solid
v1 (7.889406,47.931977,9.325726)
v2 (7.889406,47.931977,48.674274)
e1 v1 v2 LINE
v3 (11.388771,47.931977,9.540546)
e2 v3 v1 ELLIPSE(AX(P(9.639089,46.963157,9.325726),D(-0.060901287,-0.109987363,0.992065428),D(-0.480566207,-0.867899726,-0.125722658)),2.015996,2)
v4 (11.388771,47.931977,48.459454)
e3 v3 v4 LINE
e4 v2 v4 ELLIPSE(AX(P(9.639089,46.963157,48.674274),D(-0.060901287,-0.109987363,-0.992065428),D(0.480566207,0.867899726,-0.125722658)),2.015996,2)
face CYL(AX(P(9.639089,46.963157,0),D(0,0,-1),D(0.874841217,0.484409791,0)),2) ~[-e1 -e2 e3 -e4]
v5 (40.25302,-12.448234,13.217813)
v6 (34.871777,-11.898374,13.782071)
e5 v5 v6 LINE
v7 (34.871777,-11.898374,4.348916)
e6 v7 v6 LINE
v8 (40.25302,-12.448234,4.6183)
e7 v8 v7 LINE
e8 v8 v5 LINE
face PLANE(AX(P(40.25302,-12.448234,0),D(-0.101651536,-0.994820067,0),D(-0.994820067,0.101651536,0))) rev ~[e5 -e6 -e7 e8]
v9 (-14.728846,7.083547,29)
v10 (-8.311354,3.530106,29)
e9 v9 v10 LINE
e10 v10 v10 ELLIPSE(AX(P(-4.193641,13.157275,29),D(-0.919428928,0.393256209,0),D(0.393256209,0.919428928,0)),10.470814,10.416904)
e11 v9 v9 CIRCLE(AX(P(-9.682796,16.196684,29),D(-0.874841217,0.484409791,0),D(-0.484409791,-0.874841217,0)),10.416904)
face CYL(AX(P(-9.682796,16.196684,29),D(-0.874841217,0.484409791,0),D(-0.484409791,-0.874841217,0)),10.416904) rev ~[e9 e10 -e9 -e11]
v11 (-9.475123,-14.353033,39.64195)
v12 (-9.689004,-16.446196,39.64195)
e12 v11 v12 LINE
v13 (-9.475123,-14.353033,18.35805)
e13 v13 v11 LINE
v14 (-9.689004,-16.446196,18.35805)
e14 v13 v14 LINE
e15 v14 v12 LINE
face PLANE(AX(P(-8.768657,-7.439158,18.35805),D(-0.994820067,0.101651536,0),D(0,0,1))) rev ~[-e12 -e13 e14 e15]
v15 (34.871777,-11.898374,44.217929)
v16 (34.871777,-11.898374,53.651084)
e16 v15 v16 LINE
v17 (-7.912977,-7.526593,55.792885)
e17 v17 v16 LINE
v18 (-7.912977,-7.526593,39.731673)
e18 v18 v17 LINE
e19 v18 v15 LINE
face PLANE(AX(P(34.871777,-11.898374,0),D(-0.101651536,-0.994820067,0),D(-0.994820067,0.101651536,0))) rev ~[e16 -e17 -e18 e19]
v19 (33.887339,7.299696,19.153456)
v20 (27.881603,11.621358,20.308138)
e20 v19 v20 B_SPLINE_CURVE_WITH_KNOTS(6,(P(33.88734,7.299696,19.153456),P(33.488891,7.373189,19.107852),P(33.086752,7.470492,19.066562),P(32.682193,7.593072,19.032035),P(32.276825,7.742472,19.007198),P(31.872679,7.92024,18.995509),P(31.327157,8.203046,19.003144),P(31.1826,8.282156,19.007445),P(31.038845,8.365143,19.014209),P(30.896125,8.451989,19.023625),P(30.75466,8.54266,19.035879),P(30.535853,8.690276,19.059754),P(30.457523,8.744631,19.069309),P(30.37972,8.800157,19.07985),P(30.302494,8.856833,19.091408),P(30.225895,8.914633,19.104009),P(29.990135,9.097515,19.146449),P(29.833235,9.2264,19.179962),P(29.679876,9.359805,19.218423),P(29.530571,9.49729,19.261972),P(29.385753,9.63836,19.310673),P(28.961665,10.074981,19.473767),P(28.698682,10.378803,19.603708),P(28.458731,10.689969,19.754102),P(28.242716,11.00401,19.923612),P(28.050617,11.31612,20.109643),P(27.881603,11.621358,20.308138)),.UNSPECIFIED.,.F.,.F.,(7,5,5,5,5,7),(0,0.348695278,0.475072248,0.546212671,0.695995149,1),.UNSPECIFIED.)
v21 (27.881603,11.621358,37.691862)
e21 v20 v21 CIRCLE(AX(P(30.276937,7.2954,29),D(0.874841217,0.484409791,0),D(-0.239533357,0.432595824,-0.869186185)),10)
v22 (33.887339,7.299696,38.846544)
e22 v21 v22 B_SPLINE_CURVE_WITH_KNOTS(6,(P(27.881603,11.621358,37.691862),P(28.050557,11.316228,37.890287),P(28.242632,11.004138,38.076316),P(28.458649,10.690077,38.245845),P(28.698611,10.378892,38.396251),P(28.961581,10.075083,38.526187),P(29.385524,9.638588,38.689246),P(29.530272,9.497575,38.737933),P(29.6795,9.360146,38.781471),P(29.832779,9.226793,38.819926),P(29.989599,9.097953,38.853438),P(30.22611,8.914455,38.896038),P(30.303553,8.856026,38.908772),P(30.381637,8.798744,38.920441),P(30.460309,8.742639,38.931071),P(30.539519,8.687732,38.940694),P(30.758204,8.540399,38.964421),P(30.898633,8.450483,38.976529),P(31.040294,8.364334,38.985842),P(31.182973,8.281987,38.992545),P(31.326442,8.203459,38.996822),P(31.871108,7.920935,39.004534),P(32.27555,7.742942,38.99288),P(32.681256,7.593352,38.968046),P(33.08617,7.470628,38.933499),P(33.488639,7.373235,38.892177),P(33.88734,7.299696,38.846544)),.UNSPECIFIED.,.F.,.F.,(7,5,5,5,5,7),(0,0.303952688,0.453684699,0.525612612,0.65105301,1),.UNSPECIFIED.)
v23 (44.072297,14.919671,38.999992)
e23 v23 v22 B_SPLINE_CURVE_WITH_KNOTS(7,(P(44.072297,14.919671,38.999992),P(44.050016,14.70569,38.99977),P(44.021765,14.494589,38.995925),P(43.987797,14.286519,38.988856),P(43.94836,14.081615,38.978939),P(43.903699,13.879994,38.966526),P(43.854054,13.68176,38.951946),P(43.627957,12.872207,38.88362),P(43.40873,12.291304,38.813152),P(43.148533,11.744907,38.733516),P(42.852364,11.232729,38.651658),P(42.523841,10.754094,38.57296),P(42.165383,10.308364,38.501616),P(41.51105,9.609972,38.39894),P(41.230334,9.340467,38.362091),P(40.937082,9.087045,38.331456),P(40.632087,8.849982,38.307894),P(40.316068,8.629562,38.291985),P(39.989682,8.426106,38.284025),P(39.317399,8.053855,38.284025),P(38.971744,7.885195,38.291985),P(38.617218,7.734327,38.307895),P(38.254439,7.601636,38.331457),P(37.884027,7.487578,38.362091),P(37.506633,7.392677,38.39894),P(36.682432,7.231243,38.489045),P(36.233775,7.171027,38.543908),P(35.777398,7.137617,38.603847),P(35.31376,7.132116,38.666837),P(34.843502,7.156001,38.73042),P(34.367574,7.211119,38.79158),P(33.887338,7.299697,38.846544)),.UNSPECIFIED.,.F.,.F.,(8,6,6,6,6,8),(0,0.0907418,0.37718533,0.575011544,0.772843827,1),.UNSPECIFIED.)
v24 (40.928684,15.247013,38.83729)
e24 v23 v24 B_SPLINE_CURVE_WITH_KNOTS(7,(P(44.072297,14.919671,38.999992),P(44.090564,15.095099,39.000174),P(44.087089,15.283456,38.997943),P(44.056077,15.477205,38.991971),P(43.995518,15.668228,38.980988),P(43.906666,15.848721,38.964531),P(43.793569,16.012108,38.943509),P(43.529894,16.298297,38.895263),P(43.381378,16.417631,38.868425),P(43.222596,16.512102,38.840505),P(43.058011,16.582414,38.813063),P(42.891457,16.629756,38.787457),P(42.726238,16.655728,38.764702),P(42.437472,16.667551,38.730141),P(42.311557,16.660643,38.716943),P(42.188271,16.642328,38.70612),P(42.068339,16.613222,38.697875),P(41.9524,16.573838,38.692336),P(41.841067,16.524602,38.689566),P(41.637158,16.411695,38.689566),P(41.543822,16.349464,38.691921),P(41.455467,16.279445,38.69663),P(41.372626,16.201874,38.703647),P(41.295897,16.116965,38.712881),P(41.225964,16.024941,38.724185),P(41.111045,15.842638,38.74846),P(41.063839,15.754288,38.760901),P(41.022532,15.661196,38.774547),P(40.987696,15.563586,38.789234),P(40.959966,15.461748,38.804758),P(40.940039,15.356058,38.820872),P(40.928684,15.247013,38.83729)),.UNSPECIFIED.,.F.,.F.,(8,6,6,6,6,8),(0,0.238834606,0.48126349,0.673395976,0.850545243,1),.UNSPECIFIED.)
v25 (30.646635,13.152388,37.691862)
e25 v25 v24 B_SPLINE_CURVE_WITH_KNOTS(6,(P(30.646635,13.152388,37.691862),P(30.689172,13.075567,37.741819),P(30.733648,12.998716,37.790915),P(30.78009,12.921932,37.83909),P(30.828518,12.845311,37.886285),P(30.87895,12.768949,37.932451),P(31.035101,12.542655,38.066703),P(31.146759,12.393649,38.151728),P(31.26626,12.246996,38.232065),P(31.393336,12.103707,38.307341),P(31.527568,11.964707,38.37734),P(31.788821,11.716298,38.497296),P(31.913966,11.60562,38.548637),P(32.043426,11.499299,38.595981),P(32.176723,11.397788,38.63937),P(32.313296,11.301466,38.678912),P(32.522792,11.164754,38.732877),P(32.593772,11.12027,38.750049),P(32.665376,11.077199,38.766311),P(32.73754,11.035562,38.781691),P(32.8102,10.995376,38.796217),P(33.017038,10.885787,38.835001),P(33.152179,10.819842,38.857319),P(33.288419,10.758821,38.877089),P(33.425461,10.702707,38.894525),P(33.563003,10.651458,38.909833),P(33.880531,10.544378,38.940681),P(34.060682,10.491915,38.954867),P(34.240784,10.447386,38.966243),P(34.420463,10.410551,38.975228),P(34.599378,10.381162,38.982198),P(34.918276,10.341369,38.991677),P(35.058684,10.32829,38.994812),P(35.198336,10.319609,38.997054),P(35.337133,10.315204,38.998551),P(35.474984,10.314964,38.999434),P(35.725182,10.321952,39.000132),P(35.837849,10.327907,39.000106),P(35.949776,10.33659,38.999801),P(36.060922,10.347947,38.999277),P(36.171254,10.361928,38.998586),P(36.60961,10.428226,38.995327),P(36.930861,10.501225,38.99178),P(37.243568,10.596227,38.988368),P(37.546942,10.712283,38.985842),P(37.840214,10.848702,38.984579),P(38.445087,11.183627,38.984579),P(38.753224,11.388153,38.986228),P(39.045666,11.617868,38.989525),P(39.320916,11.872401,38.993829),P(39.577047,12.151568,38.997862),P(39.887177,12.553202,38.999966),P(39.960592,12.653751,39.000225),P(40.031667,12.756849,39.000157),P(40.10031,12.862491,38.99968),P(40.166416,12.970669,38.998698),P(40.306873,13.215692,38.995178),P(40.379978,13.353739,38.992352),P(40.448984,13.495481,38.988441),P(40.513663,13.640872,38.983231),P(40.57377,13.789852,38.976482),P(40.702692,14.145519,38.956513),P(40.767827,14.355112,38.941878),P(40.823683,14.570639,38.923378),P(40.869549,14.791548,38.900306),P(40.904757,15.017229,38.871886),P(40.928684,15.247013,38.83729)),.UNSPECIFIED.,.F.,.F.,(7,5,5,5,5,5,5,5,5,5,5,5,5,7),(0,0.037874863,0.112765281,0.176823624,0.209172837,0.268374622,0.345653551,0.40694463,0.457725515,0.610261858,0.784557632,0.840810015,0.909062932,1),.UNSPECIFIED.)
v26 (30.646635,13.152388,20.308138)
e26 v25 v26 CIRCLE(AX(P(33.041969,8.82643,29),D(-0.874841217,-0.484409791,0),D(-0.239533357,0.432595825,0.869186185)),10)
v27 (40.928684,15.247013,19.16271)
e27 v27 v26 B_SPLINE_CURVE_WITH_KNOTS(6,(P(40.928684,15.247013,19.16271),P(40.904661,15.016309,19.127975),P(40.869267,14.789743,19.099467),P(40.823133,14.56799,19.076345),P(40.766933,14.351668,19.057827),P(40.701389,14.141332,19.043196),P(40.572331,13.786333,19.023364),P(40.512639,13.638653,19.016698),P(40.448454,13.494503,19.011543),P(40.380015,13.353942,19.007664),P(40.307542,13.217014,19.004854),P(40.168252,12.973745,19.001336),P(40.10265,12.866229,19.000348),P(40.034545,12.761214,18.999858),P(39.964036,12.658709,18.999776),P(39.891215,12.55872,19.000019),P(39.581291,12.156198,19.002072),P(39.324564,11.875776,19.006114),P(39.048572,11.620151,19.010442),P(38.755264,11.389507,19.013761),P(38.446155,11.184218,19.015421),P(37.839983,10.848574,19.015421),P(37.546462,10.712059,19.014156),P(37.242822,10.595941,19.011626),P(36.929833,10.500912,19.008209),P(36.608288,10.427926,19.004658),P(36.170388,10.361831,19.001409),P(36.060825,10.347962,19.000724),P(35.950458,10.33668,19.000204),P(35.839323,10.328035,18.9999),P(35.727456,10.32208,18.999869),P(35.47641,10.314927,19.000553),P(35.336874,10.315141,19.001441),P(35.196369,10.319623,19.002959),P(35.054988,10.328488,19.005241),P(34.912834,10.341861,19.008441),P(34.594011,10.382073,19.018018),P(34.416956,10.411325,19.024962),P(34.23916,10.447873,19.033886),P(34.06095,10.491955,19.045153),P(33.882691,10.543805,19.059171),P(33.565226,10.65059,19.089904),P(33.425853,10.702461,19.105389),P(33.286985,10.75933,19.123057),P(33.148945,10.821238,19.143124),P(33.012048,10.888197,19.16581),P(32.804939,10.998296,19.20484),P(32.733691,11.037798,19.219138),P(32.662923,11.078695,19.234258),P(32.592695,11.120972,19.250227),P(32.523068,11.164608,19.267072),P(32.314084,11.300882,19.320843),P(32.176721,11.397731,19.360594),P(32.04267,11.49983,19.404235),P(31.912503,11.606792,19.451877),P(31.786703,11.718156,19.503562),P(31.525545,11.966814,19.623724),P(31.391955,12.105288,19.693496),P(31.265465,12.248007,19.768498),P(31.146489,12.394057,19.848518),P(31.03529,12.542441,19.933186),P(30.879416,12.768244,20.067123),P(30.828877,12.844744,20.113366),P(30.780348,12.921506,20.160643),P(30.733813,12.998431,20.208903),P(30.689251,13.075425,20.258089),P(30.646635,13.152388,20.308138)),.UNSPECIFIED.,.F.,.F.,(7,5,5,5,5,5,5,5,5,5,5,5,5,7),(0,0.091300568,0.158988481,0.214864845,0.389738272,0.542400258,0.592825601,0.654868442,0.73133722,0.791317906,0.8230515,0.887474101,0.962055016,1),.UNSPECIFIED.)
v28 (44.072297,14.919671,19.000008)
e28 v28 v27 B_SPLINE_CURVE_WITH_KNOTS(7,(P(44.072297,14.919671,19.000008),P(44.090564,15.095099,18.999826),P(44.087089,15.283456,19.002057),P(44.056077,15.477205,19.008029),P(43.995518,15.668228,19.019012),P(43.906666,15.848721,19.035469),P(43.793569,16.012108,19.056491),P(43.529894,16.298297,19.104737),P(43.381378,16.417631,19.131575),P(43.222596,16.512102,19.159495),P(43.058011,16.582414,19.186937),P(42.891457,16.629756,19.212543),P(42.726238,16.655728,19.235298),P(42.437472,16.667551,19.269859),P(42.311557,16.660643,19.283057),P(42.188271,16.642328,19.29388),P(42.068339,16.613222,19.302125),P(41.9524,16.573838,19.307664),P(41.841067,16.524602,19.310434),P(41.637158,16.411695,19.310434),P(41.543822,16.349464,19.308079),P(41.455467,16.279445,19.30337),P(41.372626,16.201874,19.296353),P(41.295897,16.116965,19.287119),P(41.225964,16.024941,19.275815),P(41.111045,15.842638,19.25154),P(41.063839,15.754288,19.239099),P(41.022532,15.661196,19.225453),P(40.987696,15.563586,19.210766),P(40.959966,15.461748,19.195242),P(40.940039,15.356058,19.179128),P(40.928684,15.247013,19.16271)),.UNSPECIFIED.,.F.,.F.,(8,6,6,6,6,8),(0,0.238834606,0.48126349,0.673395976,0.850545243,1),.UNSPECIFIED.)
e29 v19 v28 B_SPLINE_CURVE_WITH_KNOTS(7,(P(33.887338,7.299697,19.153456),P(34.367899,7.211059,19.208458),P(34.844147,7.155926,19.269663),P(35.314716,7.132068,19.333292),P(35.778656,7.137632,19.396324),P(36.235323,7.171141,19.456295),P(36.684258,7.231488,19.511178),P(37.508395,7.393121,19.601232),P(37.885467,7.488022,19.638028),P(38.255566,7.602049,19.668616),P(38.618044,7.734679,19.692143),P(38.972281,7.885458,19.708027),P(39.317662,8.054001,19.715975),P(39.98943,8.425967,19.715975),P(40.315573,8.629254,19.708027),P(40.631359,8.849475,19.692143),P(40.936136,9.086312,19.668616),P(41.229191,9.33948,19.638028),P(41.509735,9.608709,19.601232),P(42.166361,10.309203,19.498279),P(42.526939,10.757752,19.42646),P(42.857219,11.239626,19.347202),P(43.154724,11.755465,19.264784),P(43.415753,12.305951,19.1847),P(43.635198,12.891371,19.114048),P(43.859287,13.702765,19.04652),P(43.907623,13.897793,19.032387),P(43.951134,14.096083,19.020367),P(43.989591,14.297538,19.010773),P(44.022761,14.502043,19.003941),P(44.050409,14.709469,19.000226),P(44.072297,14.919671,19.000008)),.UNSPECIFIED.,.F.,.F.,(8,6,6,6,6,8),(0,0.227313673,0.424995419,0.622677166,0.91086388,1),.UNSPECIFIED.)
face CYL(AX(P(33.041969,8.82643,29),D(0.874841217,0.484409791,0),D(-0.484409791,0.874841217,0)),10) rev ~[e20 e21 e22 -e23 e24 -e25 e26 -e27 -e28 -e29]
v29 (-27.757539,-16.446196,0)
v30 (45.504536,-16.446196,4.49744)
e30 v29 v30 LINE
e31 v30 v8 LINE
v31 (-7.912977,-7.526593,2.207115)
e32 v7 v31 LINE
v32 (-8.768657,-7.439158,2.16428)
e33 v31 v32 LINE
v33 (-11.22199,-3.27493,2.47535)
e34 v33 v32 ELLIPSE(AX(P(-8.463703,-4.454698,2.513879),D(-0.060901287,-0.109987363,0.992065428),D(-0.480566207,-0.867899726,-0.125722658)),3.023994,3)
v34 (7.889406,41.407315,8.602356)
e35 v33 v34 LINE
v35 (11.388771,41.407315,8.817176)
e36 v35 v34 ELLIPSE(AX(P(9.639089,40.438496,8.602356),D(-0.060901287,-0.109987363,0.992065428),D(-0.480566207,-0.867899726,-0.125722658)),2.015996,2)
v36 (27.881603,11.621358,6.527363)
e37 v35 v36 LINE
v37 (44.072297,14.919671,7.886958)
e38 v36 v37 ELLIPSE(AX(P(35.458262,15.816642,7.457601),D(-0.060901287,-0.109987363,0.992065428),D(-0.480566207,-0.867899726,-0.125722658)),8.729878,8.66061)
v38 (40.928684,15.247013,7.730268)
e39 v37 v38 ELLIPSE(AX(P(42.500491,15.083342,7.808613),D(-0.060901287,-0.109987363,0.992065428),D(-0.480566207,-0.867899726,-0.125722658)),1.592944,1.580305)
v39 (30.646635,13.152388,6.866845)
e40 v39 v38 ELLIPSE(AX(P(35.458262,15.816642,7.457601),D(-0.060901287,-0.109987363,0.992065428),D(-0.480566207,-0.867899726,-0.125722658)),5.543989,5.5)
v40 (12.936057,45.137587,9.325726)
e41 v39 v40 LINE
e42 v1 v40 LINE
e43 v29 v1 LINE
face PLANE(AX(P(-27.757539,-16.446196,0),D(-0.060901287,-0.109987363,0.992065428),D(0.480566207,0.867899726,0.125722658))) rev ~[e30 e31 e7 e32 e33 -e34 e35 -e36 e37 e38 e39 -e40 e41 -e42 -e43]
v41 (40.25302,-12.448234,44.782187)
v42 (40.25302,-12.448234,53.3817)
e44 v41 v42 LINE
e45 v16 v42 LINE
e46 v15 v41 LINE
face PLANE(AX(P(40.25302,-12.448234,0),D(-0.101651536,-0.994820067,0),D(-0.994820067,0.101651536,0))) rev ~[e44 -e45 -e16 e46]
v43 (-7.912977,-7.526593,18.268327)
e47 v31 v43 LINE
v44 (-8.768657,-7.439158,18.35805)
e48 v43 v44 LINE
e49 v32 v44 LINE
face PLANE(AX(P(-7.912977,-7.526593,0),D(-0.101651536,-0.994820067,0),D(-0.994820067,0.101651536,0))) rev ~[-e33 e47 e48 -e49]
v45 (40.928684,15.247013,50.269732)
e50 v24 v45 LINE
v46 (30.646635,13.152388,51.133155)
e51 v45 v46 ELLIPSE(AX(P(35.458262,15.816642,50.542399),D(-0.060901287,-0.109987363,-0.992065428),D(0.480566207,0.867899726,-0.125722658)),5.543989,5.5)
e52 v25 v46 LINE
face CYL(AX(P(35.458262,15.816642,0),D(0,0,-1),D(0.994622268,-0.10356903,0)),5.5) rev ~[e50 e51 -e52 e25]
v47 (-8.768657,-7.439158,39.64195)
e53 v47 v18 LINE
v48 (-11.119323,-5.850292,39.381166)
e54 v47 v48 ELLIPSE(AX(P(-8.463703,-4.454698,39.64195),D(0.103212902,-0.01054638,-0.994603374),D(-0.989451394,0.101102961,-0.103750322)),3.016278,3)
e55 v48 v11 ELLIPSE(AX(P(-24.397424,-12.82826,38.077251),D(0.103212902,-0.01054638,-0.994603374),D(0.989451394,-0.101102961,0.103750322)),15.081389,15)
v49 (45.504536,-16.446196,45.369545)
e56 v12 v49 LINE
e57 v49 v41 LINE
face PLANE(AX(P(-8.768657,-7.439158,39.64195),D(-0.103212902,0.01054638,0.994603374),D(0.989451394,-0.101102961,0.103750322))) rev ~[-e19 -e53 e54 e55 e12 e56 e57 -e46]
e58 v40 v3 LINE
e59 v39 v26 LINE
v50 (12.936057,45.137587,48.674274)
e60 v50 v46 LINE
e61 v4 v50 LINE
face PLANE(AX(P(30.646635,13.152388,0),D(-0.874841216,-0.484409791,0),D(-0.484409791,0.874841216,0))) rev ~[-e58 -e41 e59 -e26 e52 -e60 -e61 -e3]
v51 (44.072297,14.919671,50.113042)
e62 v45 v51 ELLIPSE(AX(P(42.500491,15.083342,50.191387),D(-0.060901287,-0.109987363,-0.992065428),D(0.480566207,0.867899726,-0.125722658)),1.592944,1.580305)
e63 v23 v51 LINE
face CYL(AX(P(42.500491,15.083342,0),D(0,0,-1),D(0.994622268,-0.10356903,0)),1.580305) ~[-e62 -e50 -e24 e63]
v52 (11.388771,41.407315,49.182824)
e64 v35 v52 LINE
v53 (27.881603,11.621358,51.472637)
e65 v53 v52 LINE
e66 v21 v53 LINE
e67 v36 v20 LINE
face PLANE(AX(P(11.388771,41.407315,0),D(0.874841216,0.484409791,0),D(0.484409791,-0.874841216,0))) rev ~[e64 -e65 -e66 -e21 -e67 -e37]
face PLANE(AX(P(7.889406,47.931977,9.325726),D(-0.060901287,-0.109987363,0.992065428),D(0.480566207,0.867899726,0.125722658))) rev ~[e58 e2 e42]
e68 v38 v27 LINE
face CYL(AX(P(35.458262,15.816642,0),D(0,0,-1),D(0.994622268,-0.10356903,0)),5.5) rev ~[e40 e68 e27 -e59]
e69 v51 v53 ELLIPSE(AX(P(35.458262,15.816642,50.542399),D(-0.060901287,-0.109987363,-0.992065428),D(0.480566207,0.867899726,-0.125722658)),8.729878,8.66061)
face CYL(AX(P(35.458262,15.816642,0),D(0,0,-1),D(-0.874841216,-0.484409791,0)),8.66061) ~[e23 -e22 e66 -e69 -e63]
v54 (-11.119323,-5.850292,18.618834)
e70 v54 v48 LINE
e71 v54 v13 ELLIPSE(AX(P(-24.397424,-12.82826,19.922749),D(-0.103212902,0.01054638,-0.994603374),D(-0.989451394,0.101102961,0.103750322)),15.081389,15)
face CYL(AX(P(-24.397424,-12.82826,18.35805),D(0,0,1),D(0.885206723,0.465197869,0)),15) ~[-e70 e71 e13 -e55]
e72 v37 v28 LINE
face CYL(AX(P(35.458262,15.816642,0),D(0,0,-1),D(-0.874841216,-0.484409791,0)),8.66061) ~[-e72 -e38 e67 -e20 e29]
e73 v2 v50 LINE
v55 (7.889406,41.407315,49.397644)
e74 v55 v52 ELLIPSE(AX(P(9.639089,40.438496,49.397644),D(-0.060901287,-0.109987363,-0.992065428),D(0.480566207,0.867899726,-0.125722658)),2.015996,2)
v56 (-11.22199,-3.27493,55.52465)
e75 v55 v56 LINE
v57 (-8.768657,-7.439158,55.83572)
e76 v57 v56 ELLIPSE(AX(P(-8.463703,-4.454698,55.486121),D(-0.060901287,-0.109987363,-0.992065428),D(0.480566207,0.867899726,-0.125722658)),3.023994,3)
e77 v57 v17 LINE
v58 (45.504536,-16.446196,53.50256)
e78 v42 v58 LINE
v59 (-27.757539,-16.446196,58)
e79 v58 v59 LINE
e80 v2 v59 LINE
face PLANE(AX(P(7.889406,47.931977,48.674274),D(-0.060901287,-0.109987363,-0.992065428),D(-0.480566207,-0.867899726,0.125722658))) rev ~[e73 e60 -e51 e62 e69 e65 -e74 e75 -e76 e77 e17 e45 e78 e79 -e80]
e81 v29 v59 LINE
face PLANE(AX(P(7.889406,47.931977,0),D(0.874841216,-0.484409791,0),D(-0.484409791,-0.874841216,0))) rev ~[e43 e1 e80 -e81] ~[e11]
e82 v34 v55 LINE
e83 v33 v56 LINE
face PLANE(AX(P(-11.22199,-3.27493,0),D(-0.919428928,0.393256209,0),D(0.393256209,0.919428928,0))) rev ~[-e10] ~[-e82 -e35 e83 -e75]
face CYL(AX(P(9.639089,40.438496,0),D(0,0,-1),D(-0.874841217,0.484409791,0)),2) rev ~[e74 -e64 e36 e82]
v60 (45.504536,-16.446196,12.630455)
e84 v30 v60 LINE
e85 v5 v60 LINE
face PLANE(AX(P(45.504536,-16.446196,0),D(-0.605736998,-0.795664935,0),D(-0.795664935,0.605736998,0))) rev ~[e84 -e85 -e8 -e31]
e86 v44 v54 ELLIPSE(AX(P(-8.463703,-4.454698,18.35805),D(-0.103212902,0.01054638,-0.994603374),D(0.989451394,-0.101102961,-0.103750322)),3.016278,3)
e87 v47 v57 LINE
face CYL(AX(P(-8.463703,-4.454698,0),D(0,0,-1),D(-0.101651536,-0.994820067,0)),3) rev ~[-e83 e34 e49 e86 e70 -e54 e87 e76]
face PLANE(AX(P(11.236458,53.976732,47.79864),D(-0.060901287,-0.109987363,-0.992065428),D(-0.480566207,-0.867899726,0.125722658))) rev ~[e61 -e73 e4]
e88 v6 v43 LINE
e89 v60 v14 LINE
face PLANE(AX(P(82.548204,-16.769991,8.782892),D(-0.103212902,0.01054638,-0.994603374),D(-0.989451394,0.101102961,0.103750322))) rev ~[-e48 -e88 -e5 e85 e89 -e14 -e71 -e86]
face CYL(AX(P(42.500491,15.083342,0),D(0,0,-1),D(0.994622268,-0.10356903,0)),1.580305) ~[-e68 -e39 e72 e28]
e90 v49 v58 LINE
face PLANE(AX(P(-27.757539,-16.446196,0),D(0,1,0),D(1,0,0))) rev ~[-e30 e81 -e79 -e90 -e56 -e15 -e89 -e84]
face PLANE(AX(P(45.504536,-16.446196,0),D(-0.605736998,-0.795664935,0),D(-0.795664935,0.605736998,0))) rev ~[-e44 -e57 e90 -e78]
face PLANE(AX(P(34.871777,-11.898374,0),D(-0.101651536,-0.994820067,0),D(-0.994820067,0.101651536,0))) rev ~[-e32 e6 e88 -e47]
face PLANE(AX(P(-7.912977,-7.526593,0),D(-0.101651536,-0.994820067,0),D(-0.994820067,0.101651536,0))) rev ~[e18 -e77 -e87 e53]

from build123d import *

# Parameters (mm, degrees)
F1_DEPTH      = 58
F3_DEPTH      = 25
F5_DEPTH      = 95.4
F6_R          = 15
F7_R          = 10
F8_DEPTH      = 10
F8_DEPTH_BACK = 20
F9_R          = 10.4169044955
F10_DEPTH     = 25


with BuildPart() as f1:
    # F0 (on Top) → F1 (new body)
    with BuildSketch(Plane.XY):
        with BuildLine():
            ThreePointArc((11.3887710857, 47.9319766204), (9.6390886527, 48.9631570378), (7.8894062197, 47.9319766204))
            Line((7.8894062197, 47.9319766204), (-27.7575390254, -16.4461955428))
            Line((-27.7575390254, -16.4461955428), (45.5045364797, -16.4461955428))
            Line((45.5045364797, -16.4461955428), (40.2530199854, -12.4482339651))
            Line((40.2530199854, -12.4482339651), (34.8717773227, -11.8983741444))
            Line((34.8717773227, -11.8983741444), (-7.9129768242, -7.5265926221))
            Line((-7.9129768242, -7.5265926221), (-8.7686574365, -7.4391584702))
            ThreePointArc((-8.7686574365, -7.4391584702), (-11.0484779416, -5.9775041051), (-11.2219896129, -3.2749296438))
            Line((-11.2219896129, -3.2749296438), (7.8894062197, 41.407315159))
            ThreePointArc((7.8894062197, 41.407315159), (9.6390886527, 42.4384955764), (11.3887710857, 41.407315159))
            Line((11.3887710857, 41.407315159), (27.8816032063, 11.6213579495))
            ThreePointArc((27.8816032063, 11.6213579495), (37.1870634085, 7.3303350671), (44.0722971617, 14.9196712118))
            ThreePointArc((44.0722971617, 14.9196712118), (42.6641613212, 16.6551483551), (40.9286841779, 15.2470125146))
            ThreePointArc((40.9286841779, 15.2470125146), (36.556153133, 10.4273347675), (30.6466350134, 13.1523883301))
            Line((30.6466350134, 13.1523883301), (11.3887710857, 47.9319766204))
        make_face()
    extrude(amount=F1_DEPTH)

    # F2 (on face) → F3 (cut)
    with BuildSketch(Plane(origin=(-0.842891654, -8.2490197652, 0), x_dir=(-0.9948200667, 0.1016515362, 0), z_dir=(0.1016515362, 0.9948200667, 0))):
        Polygon((-41.3098941341, 13.2178132166), (-41.3098941341, 29), (-83.8253051043, 29), (-83.8253051043, 8.7828920186), align=None)
        Polygon((-41.3098941341, 29), (-41.3098941341, 44.7821867834), (-83.8253051043, 49.2171079814), (-83.8253051043, 29), align=None)
        Polygon((7.9670344895, 29), (7.9670344895, 39.6419496238), (-41.3098941341, 44.7821867834), (-41.3098941341, 29), align=None)
        Polygon((7.9670344895, 18.3580503762), (7.9670344895, 29), (-41.3098941341, 29), (-41.3098941341, 13.2178132166), align=None)
    extrude(amount=-F3_DEPTH, mode=Mode.SUBTRACT)

    # F4 (on face) → F5 (cut)
    with BuildSketch(Plane(origin=(-14.2745575957, 7.9039891304, 0), x_dir=(-0.4844097913, -0.8748412165, 0), z_dir=(-0.8748412165, 0.4844097913, 0))):
        Polygon((-45.7545743561, 0), (27.833833402, 0), (-45.7545743561, 9.3257259006), align=None)
        Polygon((-45.7545743561, 58), (-45.7545743561, 48.6742740994), (27.833833402, 58), align=None)
        Polygon((27.833833402, -12.4238803983), (27.833833402, 0), (-45.7545743561, 0), (-45.7545743561, 9.3257259006), (-52.6641197503, 10.201360099), (-53.7899360061, -12.4238803983), align=None)
        Polygon((-52.6641197503, 47.798639901), (-45.7545743561, 48.6742740994), (-45.7545743561, 58), (27.833833402, 58), (27.833833402, 63.3924901485), (-55.1632341309, 67.5189115496), align=None)
    extrude(amount=-F5_DEPTH, mode=Mode.SUBTRACT)

    # F6
    f6_edges = [f1.edges().sort_by_distance(p)[0] for p in [
        (-8.768657, -7.439158, 10.261165),
        (-8.768657, -7.439158, 29),
        (-8.768657, -7.439158, 47.738835),
    ]]
    fillet(f6_edges, radius=F6_R)

    # F7 (on face) → F8 (cut, two sides)
    with BuildSketch(Plane(origin=(29.0290557323, 16.0737269393, 0), x_dir=(-0.4844097913, 0.8748412165, 0), z_dir=(0.8748412165, 0.4844097913, 0))) as f8_sk:
        with Locations((-8.284128271, 29)):
            Circle(F7_R)
    extrude(amount=-F8_DEPTH, mode=Mode.SUBTRACT)
    extrude(f8_sk.sketch, amount=F8_DEPTH_BACK, mode=Mode.SUBTRACT)

    # F9 (on face) → F10 (cut)
    with BuildSketch(Plane(origin=(-14.2745575957, 7.9039891304, 0), x_dir=(-0.4844097913, -0.8748412165, 0), z_dir=(-0.8748412165, 0.4844097913, 0))):
        with Locations((-9.4790859148, 29)):
            Circle(F9_R)
    extrude(amount=-F10_DEPTH, mode=Mode.SUBTRACT)


solid = f1.part
